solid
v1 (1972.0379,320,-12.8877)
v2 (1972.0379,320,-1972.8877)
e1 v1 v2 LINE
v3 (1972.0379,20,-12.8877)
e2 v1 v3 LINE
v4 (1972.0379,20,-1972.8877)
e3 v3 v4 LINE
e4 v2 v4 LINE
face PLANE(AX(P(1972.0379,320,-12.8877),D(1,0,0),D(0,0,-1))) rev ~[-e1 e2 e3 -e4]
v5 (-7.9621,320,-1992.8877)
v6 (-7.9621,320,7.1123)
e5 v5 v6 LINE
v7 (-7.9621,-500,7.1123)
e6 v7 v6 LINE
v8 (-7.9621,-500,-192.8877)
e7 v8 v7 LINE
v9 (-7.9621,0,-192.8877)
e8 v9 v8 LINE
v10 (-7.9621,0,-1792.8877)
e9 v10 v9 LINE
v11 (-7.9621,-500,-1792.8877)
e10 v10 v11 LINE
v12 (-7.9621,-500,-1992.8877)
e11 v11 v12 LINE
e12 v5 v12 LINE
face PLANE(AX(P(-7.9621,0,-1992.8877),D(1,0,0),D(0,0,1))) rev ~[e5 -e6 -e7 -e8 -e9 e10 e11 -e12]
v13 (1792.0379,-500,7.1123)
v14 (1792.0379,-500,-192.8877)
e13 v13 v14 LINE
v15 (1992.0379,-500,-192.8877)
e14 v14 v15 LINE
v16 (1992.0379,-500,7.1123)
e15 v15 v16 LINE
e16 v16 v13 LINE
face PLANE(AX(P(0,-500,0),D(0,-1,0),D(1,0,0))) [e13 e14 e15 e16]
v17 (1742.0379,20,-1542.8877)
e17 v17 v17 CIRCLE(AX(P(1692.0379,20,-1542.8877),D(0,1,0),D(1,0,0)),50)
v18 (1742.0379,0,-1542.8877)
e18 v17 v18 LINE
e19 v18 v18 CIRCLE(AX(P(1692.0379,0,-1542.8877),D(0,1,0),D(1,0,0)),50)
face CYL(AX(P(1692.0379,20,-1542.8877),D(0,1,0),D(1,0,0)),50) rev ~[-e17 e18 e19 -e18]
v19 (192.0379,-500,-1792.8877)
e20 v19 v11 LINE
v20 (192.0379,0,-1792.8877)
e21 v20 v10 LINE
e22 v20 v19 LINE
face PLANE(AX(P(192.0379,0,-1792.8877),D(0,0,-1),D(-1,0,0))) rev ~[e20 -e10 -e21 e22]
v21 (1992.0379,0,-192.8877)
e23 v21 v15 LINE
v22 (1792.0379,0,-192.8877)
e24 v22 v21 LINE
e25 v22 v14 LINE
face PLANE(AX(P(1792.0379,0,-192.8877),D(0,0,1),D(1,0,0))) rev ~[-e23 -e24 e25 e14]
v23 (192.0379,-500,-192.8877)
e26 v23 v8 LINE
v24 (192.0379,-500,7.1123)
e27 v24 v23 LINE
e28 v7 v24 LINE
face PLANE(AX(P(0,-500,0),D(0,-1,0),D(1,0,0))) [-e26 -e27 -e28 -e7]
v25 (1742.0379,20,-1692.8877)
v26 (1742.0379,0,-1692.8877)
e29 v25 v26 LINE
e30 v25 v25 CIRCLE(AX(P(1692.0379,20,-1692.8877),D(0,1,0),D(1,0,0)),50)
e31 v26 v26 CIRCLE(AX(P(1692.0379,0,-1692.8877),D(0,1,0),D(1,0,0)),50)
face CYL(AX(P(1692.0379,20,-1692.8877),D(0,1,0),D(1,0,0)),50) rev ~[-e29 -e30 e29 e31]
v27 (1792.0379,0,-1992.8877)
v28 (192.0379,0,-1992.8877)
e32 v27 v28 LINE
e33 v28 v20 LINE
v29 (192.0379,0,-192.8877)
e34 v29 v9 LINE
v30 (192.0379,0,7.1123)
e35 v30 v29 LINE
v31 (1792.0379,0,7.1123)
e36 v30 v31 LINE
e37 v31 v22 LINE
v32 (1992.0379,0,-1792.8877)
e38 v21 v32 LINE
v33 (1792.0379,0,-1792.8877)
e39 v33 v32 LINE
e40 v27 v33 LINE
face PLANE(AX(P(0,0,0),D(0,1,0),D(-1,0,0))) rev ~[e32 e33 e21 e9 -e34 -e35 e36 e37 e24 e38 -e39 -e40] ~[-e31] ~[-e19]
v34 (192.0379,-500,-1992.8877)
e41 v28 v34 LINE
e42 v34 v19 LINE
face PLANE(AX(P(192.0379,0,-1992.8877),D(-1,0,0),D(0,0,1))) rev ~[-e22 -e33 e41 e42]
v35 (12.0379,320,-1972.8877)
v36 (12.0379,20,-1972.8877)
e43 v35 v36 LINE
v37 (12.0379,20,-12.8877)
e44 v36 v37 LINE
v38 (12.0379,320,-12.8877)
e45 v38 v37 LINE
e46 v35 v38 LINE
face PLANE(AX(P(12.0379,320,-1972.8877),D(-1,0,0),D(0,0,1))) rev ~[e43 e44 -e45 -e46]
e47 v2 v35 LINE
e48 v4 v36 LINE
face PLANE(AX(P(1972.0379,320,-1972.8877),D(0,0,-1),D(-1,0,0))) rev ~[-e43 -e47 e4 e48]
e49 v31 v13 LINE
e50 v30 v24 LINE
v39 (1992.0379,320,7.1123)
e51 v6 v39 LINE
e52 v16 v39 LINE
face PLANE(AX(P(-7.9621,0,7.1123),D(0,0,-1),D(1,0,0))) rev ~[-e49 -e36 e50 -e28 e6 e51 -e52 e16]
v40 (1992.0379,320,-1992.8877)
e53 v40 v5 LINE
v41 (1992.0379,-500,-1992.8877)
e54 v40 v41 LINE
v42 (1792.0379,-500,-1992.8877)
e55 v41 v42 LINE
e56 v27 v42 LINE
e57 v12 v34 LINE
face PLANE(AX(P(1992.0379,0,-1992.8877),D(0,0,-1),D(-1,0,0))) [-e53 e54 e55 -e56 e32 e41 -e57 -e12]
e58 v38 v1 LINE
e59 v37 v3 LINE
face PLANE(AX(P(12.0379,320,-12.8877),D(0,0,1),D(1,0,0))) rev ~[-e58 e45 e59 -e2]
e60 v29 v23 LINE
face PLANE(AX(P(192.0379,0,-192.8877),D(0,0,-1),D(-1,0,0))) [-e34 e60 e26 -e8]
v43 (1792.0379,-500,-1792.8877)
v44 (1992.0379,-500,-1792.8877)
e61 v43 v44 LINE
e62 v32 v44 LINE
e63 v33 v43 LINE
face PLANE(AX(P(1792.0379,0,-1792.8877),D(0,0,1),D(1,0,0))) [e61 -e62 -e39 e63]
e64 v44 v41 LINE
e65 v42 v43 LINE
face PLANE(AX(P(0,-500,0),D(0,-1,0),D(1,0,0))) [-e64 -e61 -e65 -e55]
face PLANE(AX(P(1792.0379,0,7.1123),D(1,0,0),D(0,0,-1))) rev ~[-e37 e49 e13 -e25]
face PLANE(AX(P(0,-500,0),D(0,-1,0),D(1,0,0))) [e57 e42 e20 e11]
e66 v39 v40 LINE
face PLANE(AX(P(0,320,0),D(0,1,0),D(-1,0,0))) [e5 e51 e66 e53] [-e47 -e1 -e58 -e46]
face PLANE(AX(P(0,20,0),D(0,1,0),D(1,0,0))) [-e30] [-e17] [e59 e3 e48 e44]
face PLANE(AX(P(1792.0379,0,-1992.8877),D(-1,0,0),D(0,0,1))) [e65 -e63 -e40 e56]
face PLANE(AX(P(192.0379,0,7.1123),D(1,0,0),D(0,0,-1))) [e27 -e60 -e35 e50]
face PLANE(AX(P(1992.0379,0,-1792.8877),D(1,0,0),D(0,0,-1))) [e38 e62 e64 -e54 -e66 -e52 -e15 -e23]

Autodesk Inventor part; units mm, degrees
ref_plane "YZ Plane" through (0, 0, 0) normal (1, 0, 0) x (0, 1, 0)
ref_plane "XZ Plane" through (0, 0, 0) normal (0, 1, 0) x (-1, 0, 0)
ref_plane "XY Plane" through (0, 0, 0) normal (0, 0, 1) x (1, 0, 0)
sketch "Sketch2" plane through (0, 0, 0) normal (0, 1, 0) x (-1, 0, 0)
  line L0 (7.9621, 7.1123) -> (-1992.0379, 7.1123)
  line L1 (-1992.0379, 7.1123) -> (-1992.0379, -1992.8877)
  line L2 (-1992.0379, -1992.8877) -> (7.9621, -1992.8877)
  line L3 (7.9621, -1992.8877) -> (7.9621, 7.1123)
  point P0 (0, 0)
  dimension "d0" = 2000
  dimension "d1" = 2000
extrude "Extrusion1" add sketch "Sketch2" along normal blind 320
sketch "Sketch5" plane through (0, 320, 0) normal (0, 1, 0) x (1, 0, 0)
  line L0 (12.0379, 12.8877) -> (1972.0379, 12.8877)
  line L1 (1972.0379, 12.8877) -> (1972.0379, 1972.8877)
  line L2 (1972.0379, 1972.8877) -> (12.0379, 1972.8877)
  line L3 (12.0379, 1972.8877) -> (12.0379, 12.8877)
  line L4 (-7.9621, -7.1123) -> (1992.0379, -7.1123) projected
  line L5 (1992.0379, -7.1123) -> (1992.0379, 1992.8877) projected
  dimension "d7" = 1960
  dimension "d8" = 20
  dimension "d9" = 1960
  dimension "d10" = 20
extrude "Extrusion2" cut sketch "Sketch5" against normal blind 300
sketch "Sketch6" plane through (0, 20, 0) normal (0, 1, 0) x (1, 0, 0)
  circle A0 centre (1692.0379, 1692.8877) radius 50
  circle A1 centre (1692.0379, 1542.8877) radius 50
  line L0 (1992.0379, 1992.8877) -> (-7.9621, 1992.8877) projected
  line L1 (1992.0379, -7.1123) -> (1992.0379, 1992.8877) projected
  point P0 (0, 0)
  dimension "d13" = 100
  dimension "d14" = 100
  dimension "d15" = 300
  dimension "d16" = 300
  dimension "d17" = 300
  dimension "d18" = 150
extrude "Extrusion3" cut sketch "Sketch6" against normal blind 300
sketch "Sketch7" plane through (0, 0, 0) normal (0, -1, 0) x (1, 0, 0)
  line L0 (1992.0379, 7.1123) -> (1792.0379, 7.1123)
  line L1 (1792.0379, 7.1123) -> (1792.0379, -192.8877)
  line L2 (1792.0379, -192.8877) -> (1992.0379, -192.8877)
  line L3 (1992.0379, -192.8877) -> (1992.0379, 7.1123)
  line L4 (-7.9621, 7.1123) -> (1992.0379, 7.1123) projected
  line L5 (-7.9621, 7.1123) -> (192.0379, 7.1123)
  line L6 (192.0379, 7.1123) -> (192.0379, -192.8877)
  line L7 (192.0379, -192.8877) -> (-7.9621, -192.8877)
  line L8 (-7.9621, -192.8877) -> (-7.9621, 7.1123)
  line L9 (1792.0379, -1992.8877) -> (1792.0379, -1792.8877)
  line L10 (1792.0379, -1792.8877) -> (1992.0379, -1792.8877)
  line L11 (1992.0379, -1792.8877) -> (1992.0379, -1992.8877)
  line L12 (-7.9621, -1992.8877) -> (192.0379, -1992.8877)
  line L13 (192.0379, -1992.8877) -> (192.0379, -1792.8877)
  line L14 (192.0379, -1792.8877) -> (-7.9621, -1792.8877)
  line L15 (-7.9621, -1792.8877) -> (-7.9621, -1992.8877)
  point P0 (0, 0)
  point P1 (0, -1985.7753)
  dimension "d23" = 200
  dimension "d24" = 200
extrude "Extrusion4" add sketch "Sketch7" along normal blind 500
sketch "Sketch8" plane through (0, 0, 0) normal (0, -1, 0) x (1, 0, 0)
  line L0 (1992.0379, -1992.8877) -> (-7.9621, -1992.8877) projected
  line L1 (1992.0379, -1992.8877) -> (1792.0379, -1992.8877)
  line L2 (1792.0379, -1992.8877) -> (1792.0379, -1792.8877)
  line L3 (1792.0379, -1792.8877) -> (1992.0379, -1792.8877)
  line L4 (1992.0379, -1792.8877) -> (1992.0379, -1992.8877)
  point P0 (0, 0)
  dimension "d27" = 200
  dimension "d28" = 200
extrude "Extrusion5" add sketch "Sketch8" along normal blind 500
properties part number "grow bed"
